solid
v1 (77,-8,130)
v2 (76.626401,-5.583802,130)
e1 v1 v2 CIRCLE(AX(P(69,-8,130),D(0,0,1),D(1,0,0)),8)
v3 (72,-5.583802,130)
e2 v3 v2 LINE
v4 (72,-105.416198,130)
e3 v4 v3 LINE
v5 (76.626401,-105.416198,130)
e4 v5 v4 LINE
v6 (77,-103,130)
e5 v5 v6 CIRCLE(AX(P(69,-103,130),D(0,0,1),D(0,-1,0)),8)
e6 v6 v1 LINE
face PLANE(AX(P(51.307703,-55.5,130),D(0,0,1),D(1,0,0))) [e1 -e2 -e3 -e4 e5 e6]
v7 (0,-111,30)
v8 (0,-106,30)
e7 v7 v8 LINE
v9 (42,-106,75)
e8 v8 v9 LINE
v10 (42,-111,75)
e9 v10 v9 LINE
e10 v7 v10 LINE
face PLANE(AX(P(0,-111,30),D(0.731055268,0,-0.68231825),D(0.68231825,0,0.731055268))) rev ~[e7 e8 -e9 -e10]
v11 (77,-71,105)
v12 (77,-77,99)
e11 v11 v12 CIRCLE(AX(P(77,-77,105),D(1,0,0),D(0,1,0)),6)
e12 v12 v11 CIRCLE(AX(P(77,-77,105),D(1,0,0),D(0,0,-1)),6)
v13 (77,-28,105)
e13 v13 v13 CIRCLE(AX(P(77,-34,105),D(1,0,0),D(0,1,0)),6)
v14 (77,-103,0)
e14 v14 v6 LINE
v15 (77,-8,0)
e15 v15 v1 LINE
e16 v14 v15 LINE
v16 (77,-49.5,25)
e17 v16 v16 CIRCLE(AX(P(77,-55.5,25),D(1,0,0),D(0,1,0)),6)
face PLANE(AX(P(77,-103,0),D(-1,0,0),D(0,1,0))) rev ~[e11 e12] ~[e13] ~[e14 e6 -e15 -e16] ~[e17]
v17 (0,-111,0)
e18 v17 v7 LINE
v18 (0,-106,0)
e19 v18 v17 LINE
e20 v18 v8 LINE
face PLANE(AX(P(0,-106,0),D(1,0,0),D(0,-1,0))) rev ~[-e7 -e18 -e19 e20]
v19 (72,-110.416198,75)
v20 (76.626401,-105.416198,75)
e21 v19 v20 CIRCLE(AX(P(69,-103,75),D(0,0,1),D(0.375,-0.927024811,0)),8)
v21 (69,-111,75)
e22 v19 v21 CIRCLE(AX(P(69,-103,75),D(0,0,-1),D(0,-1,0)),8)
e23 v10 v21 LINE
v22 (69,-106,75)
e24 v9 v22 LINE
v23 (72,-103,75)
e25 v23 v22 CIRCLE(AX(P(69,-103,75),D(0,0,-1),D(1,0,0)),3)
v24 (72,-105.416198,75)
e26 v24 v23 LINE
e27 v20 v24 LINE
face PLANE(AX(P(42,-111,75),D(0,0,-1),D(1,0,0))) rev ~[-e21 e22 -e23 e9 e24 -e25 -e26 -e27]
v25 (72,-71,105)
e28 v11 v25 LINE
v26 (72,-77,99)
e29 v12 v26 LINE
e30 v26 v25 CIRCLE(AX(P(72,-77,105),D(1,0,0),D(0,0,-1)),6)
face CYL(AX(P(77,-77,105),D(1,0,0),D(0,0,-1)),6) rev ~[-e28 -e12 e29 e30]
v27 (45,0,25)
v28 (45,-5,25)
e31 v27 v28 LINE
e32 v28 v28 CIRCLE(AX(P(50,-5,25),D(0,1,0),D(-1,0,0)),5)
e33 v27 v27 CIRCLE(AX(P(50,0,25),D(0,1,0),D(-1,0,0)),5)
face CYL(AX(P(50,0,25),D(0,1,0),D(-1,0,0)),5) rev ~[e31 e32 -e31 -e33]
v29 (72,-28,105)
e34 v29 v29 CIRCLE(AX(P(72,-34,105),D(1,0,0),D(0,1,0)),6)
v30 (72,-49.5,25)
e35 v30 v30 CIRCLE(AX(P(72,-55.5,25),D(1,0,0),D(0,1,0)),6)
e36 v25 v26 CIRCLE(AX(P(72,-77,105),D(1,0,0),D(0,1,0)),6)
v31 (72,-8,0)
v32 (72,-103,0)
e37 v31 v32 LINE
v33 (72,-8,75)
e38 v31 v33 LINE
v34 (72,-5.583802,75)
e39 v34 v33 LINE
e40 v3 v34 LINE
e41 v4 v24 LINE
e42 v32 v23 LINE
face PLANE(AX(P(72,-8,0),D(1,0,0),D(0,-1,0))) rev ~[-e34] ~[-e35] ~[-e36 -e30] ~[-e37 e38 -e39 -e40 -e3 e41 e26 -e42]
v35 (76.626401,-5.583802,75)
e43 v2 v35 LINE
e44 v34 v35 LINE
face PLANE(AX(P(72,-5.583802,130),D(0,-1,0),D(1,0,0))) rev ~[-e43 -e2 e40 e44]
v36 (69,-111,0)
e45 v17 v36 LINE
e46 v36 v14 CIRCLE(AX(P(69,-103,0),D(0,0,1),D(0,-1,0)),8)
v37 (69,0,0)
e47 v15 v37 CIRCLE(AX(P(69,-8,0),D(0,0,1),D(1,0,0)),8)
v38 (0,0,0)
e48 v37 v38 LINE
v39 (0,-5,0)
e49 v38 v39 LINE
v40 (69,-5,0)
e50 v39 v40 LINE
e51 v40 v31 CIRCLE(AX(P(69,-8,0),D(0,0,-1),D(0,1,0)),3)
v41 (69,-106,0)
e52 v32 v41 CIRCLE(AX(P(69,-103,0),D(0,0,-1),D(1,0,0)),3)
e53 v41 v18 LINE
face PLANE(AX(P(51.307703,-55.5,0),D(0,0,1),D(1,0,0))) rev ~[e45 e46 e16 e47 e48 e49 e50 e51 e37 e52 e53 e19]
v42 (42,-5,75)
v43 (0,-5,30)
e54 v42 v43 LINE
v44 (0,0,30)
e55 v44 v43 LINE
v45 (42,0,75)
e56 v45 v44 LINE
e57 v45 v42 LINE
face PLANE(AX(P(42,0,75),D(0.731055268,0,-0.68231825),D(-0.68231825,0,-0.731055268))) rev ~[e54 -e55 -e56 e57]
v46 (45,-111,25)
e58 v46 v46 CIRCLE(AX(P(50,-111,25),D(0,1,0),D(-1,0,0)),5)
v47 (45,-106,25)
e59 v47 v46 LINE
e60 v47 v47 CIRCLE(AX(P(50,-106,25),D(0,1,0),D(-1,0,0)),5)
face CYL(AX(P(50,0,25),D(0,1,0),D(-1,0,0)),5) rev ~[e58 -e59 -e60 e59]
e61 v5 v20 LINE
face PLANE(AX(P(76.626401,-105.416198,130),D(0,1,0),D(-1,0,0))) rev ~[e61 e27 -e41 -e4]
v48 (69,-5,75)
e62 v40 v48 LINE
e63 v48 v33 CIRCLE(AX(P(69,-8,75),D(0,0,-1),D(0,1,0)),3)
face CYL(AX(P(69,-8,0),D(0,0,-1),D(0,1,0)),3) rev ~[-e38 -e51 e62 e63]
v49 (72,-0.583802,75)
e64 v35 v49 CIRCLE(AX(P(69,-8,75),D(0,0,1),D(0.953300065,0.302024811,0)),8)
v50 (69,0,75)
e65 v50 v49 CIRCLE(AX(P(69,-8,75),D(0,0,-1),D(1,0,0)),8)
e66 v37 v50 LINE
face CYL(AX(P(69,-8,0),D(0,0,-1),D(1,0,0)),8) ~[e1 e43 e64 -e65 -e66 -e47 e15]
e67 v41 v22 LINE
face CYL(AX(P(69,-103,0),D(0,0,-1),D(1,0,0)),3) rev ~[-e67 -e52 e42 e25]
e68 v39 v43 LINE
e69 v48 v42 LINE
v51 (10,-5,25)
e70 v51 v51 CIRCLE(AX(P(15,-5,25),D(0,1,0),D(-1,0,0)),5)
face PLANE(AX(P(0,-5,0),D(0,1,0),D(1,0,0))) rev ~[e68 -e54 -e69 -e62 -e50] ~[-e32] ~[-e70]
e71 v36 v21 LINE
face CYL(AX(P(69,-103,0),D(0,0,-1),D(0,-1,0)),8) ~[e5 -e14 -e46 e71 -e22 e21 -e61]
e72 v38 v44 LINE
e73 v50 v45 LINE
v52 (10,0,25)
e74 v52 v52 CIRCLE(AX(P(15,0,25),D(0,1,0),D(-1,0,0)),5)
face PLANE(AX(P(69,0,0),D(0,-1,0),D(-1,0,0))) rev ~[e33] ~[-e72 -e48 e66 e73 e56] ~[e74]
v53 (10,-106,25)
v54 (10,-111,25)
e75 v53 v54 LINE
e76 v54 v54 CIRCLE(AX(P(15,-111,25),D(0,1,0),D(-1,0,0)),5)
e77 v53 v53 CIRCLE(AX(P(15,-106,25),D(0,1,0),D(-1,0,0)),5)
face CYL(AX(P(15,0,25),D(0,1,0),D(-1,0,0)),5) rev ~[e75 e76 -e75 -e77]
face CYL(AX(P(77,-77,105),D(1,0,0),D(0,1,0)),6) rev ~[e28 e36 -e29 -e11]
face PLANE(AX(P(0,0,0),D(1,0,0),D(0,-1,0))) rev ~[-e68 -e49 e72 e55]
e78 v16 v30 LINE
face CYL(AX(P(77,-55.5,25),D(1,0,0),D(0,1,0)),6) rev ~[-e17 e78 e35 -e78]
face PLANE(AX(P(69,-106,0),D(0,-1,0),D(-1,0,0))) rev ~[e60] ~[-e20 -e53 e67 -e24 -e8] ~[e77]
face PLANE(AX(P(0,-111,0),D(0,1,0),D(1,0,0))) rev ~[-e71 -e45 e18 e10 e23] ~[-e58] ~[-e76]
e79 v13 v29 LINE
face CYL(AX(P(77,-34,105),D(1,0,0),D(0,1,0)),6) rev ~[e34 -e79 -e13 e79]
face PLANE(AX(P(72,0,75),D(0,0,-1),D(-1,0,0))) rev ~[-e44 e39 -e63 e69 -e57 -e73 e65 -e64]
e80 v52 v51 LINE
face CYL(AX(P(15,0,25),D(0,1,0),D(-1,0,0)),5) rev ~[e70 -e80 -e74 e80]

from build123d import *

# Parameters (mm, degrees)
F1_DEPTH  = 130
F3_DEPTH  = 25
F5_DEPTH  = 25
F6_R      = 5
F7_DEPTH  = 200
F8_R      = 6
F9_DEPTH  = 25
F11_DEPTH = 55
F12_R     = 6
F13_DEPTH = 25


with BuildPart() as f1:
    # F0 (on Top) → F1 (new body)
    with BuildSketch(Plane.XY):
        with BuildLine():
            Line((69, 0), (0, 0))
            Line((0, 0), (0, -5))
            Line((0, -5), (69, -5))
            ThreePointArc((69, -5), (71.1213203436, -5.8786796564), (72, -8))
            Line((72, -8), (72, -32.9701863229))
            Line((72, -32.9701863229), (72, -103))
            ThreePointArc((72, -103), (71.1213203436, -105.1213203436), (69, -106))
            Line((69, -106), (0, -106))
            Line((0, -106), (0, -111))
            Line((0, -111), (69, -111))
            ThreePointArc((69, -111), (74.6568542495, -108.6568542495), (77, -103))
            Line((77, -103), (77, -8))
            ThreePointArc((77, -8), (74.6568542495, -2.3431457505), (69, 0))
        make_face()
    extrude(amount=F1_DEPTH)

    # F2 (on face) → F3 (cut)
    with BuildSketch(Plane(origin=(0, 0, 0), x_dir=(-1, 0, 0), z_dir=(0, 1, 0))):
        Polygon((0, 30), (0, 130), (-72, 130), (-72, 75), (-42, 75), align=None)
    extrude(amount=-F3_DEPTH, mode=Mode.SUBTRACT)

    # F4 (on face) → F5 (cut)
    with BuildSketch(Plane.XZ.offset(111)):
        Polygon((72, 130), (0, 130), (0, 75), (0, 30), (42, 75), (72, 75), align=None)
    extrude(amount=-F5_DEPTH, mode=Mode.SUBTRACT)

    # F6 (on face) → F7 (cut)
    with BuildSketch(Plane(origin=(0, 0, 0), x_dir=(-1, 0, 0), z_dir=(0, 1, 0))):
        with Locations((-15, 25)):
            Circle(F6_R)
        with Locations((-50, 25)):
            Circle(F6_R)
    extrude(amount=-F7_DEPTH, mode=Mode.SUBTRACT)

    # F8 (on face) → F9 (cut)
    with BuildSketch(Plane.YZ.offset(77)):
        with Locations((-55.5, 25)):
            Circle(F8_R)
    extrude(amount=-F9_DEPTH, mode=Mode.SUBTRACT)

    # F10 (on face) → F11 (cut)
    with BuildSketch(Plane.XY.offset(130)):
        with BuildLine():
            Line((72, -5.5838015129), (76.6264005187, -5.5838015129))
            ThreePointArc((76.6264005187, -5.5838015129), (74.8719755616, -2.5667778433), (72, -0.5838015129))
            Line((72, -0.5838015129), (72, -5.5838015129))
        make_face()
        with BuildLine():
            ThreePointArc((72, -110.4161984871), (74.8719755616, -108.4332221567), (76.6264005187, -105.4161984871))
            Line((76.6264005187, -105.4161984871), (72, -105.4161984871))
            Line((72, -105.4161984871), (72, -110.4161984871))
        make_face()
    extrude(amount=-F11_DEPTH, mode=Mode.SUBTRACT)

    # F12 (on face) → F13 (cut)
    with BuildSketch(Plane.YZ.offset(77)):
        with BuildLine():
            ThreePointArc((-77, 99), (-72.7573593129, 100.7573593129), (-71, 105))
            ThreePointArc((-71, 105), (-81.2426406871, 109.2426406871), (-77, 99))
        make_face()
        with Locations((-34, 105)):
            Circle(F12_R)
    extrude(amount=-F13_DEPTH, mode=Mode.SUBTRACT)


solid = f1.part
